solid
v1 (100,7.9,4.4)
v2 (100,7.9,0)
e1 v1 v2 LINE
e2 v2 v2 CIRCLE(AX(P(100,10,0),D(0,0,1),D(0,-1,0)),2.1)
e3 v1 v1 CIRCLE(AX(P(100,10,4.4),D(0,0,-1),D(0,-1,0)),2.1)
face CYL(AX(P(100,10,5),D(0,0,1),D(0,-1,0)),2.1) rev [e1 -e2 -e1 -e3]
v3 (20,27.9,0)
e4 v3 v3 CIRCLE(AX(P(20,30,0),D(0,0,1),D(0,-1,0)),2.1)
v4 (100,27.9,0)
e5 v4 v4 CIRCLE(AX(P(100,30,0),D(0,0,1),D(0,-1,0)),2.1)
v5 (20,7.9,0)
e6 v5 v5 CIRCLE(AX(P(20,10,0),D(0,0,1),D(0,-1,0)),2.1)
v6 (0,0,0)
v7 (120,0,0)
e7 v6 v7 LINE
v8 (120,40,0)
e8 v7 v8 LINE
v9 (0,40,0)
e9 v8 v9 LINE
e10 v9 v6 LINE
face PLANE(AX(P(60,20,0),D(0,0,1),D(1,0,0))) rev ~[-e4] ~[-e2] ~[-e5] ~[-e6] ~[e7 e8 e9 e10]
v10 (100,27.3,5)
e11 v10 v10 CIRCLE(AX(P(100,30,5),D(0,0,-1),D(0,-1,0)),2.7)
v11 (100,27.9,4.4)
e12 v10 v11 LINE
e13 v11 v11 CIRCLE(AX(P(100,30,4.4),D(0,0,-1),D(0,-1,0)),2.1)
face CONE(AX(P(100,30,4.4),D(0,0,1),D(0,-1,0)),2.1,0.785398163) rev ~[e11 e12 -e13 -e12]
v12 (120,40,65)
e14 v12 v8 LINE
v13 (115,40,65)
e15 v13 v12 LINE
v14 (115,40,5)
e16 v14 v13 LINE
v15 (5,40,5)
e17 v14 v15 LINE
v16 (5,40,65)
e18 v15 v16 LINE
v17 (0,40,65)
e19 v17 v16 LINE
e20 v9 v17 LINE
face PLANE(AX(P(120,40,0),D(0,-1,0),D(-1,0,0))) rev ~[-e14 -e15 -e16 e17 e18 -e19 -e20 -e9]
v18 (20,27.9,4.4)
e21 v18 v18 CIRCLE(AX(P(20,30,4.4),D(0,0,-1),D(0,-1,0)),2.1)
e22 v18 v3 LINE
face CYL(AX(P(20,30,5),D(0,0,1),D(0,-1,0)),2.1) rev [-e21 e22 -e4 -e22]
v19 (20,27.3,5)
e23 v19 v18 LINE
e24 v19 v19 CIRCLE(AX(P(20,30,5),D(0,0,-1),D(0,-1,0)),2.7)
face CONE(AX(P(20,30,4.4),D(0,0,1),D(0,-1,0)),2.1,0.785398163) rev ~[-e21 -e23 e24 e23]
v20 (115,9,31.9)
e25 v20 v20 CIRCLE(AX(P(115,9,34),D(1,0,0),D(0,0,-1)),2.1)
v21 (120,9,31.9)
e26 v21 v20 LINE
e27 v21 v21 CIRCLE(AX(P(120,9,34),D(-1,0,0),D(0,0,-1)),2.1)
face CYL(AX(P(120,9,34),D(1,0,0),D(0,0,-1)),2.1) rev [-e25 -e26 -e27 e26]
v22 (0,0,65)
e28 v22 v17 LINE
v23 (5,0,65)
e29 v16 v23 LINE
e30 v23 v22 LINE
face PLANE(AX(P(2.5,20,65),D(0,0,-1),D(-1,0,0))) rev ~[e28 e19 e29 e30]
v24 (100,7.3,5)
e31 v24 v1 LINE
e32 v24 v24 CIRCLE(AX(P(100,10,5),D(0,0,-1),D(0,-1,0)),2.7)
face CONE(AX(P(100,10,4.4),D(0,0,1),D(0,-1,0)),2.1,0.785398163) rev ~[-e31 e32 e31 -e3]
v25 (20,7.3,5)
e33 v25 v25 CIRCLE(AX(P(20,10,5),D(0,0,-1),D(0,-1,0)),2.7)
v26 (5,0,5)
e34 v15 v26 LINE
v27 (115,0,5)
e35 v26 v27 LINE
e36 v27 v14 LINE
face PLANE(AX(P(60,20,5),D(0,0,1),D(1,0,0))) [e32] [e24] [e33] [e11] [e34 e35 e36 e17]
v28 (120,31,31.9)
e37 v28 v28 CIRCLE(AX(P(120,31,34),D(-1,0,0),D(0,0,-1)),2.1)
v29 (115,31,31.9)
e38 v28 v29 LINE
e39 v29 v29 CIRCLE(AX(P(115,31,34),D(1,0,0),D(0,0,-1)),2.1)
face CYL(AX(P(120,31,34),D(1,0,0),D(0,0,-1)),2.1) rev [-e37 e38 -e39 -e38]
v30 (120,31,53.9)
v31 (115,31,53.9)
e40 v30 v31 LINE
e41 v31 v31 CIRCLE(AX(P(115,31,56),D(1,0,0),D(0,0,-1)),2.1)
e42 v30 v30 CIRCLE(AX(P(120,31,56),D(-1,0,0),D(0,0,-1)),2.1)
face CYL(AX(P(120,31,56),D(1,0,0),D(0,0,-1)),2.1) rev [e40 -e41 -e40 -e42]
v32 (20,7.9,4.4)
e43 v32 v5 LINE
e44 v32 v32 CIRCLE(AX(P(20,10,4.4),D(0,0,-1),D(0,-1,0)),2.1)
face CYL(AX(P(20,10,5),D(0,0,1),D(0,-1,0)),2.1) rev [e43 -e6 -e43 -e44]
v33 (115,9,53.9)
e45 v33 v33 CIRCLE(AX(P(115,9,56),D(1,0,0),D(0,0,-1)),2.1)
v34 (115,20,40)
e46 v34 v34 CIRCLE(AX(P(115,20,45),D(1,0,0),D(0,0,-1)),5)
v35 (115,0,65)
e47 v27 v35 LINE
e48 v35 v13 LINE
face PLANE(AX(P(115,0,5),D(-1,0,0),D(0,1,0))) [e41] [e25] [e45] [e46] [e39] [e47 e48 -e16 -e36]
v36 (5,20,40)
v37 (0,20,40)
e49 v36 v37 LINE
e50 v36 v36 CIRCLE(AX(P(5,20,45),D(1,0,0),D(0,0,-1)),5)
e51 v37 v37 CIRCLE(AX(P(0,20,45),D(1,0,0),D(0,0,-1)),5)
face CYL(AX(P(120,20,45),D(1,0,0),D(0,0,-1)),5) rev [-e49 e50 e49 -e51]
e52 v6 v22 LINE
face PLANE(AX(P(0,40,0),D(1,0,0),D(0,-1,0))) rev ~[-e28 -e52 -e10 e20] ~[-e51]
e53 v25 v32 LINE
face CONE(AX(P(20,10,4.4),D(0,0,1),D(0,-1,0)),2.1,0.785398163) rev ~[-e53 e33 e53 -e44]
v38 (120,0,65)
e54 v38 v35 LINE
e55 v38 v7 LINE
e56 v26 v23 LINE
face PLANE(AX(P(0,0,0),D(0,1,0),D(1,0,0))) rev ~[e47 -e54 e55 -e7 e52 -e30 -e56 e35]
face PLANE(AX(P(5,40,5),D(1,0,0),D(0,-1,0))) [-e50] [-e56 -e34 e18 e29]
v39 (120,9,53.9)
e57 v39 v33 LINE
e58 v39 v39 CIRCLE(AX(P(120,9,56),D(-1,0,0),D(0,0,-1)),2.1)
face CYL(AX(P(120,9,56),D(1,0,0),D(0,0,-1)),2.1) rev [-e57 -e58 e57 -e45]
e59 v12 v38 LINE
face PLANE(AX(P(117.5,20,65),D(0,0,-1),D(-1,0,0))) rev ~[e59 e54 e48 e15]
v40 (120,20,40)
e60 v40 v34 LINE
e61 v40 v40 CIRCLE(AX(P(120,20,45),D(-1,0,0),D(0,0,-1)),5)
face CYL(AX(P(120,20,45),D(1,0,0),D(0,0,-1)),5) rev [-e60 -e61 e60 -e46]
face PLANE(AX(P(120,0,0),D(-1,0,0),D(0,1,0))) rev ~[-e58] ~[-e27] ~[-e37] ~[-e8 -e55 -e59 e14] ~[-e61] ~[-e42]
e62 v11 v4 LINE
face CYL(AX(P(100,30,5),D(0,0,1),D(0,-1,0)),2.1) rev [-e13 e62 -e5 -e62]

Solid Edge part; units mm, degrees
sketch "Sketch1" plane through (0, 0, 0) normal (0, 0, 1) x (1, 0, 0)
  line L0 (120, 40) -> (0, 40)
  line L1 (0, 40) -> (0, 0)
  line L2 (0, 0) -> (120, 0)
  line L3 (120, 0) -> (120, 40)
extrude "Protrusion1" add sketch "Sketch1" along normal blind 5
sketch "Sketch2" plane through (60, 20, 5) normal (0, 0, 1) x (1, 0, 0)
  line L0 (55, -20) -> (55, 20)
  line L1 (55, 20) -> (60, 20)
  line L2 (60, 20) -> (60, -20)
  line L3 (60, -20) -> (55, -20)
  line L4 (-55, 20) -> (-55, -20)
  line L5 (-55, -20) -> (-60, -20)
  line L6 (-60, -20) -> (-60, 20)
  line L7 (-60, 20) -> (-55, 20)
  dimension "D1" = 5
extrude "Extrusionsausprägung_2" add sketch "Sketch2" along normal blind 60
hole "Bohrung_1" at (120, 20, 45) direction (-1, 0, 0) diameter 10 end through all
hole "Hole_2" at (20, 10, 5) direction (0, 0, -1) diameter 4.2 end up to next start chamfer 0.6 start chamfer angle 45
hole "Hole1" at (20, 30, 5) direction (0, 0, -1) diameter 4.2 end up to next start chamfer 0.6 start chamfer angle 45
hole "Hole2" at (100, 30, 5) direction (0, 0, -1) diameter 4.2 end up to next start chamfer 0.6 start chamfer angle 45
hole "Hole3" at (100, 10, 5) direction (0, 0, -1) diameter 4.2 end up to next start chamfer 0.6 start chamfer angle 45
hole "Hole4" at (120, 9, 56) direction (-1, 0, 0) diameter 4.2 end up to next
hole "Hole5" at (120, 9, 34) direction (-1, 0, 0) diameter 4.2 end up to next
hole "Hole6" at (120, 31, 34) direction (-1, 0, 0) diameter 4.2 end up to next
hole "Hole7" at (120, 31, 56) direction (-1, 0, 0) diameter 4.2 end up to next
